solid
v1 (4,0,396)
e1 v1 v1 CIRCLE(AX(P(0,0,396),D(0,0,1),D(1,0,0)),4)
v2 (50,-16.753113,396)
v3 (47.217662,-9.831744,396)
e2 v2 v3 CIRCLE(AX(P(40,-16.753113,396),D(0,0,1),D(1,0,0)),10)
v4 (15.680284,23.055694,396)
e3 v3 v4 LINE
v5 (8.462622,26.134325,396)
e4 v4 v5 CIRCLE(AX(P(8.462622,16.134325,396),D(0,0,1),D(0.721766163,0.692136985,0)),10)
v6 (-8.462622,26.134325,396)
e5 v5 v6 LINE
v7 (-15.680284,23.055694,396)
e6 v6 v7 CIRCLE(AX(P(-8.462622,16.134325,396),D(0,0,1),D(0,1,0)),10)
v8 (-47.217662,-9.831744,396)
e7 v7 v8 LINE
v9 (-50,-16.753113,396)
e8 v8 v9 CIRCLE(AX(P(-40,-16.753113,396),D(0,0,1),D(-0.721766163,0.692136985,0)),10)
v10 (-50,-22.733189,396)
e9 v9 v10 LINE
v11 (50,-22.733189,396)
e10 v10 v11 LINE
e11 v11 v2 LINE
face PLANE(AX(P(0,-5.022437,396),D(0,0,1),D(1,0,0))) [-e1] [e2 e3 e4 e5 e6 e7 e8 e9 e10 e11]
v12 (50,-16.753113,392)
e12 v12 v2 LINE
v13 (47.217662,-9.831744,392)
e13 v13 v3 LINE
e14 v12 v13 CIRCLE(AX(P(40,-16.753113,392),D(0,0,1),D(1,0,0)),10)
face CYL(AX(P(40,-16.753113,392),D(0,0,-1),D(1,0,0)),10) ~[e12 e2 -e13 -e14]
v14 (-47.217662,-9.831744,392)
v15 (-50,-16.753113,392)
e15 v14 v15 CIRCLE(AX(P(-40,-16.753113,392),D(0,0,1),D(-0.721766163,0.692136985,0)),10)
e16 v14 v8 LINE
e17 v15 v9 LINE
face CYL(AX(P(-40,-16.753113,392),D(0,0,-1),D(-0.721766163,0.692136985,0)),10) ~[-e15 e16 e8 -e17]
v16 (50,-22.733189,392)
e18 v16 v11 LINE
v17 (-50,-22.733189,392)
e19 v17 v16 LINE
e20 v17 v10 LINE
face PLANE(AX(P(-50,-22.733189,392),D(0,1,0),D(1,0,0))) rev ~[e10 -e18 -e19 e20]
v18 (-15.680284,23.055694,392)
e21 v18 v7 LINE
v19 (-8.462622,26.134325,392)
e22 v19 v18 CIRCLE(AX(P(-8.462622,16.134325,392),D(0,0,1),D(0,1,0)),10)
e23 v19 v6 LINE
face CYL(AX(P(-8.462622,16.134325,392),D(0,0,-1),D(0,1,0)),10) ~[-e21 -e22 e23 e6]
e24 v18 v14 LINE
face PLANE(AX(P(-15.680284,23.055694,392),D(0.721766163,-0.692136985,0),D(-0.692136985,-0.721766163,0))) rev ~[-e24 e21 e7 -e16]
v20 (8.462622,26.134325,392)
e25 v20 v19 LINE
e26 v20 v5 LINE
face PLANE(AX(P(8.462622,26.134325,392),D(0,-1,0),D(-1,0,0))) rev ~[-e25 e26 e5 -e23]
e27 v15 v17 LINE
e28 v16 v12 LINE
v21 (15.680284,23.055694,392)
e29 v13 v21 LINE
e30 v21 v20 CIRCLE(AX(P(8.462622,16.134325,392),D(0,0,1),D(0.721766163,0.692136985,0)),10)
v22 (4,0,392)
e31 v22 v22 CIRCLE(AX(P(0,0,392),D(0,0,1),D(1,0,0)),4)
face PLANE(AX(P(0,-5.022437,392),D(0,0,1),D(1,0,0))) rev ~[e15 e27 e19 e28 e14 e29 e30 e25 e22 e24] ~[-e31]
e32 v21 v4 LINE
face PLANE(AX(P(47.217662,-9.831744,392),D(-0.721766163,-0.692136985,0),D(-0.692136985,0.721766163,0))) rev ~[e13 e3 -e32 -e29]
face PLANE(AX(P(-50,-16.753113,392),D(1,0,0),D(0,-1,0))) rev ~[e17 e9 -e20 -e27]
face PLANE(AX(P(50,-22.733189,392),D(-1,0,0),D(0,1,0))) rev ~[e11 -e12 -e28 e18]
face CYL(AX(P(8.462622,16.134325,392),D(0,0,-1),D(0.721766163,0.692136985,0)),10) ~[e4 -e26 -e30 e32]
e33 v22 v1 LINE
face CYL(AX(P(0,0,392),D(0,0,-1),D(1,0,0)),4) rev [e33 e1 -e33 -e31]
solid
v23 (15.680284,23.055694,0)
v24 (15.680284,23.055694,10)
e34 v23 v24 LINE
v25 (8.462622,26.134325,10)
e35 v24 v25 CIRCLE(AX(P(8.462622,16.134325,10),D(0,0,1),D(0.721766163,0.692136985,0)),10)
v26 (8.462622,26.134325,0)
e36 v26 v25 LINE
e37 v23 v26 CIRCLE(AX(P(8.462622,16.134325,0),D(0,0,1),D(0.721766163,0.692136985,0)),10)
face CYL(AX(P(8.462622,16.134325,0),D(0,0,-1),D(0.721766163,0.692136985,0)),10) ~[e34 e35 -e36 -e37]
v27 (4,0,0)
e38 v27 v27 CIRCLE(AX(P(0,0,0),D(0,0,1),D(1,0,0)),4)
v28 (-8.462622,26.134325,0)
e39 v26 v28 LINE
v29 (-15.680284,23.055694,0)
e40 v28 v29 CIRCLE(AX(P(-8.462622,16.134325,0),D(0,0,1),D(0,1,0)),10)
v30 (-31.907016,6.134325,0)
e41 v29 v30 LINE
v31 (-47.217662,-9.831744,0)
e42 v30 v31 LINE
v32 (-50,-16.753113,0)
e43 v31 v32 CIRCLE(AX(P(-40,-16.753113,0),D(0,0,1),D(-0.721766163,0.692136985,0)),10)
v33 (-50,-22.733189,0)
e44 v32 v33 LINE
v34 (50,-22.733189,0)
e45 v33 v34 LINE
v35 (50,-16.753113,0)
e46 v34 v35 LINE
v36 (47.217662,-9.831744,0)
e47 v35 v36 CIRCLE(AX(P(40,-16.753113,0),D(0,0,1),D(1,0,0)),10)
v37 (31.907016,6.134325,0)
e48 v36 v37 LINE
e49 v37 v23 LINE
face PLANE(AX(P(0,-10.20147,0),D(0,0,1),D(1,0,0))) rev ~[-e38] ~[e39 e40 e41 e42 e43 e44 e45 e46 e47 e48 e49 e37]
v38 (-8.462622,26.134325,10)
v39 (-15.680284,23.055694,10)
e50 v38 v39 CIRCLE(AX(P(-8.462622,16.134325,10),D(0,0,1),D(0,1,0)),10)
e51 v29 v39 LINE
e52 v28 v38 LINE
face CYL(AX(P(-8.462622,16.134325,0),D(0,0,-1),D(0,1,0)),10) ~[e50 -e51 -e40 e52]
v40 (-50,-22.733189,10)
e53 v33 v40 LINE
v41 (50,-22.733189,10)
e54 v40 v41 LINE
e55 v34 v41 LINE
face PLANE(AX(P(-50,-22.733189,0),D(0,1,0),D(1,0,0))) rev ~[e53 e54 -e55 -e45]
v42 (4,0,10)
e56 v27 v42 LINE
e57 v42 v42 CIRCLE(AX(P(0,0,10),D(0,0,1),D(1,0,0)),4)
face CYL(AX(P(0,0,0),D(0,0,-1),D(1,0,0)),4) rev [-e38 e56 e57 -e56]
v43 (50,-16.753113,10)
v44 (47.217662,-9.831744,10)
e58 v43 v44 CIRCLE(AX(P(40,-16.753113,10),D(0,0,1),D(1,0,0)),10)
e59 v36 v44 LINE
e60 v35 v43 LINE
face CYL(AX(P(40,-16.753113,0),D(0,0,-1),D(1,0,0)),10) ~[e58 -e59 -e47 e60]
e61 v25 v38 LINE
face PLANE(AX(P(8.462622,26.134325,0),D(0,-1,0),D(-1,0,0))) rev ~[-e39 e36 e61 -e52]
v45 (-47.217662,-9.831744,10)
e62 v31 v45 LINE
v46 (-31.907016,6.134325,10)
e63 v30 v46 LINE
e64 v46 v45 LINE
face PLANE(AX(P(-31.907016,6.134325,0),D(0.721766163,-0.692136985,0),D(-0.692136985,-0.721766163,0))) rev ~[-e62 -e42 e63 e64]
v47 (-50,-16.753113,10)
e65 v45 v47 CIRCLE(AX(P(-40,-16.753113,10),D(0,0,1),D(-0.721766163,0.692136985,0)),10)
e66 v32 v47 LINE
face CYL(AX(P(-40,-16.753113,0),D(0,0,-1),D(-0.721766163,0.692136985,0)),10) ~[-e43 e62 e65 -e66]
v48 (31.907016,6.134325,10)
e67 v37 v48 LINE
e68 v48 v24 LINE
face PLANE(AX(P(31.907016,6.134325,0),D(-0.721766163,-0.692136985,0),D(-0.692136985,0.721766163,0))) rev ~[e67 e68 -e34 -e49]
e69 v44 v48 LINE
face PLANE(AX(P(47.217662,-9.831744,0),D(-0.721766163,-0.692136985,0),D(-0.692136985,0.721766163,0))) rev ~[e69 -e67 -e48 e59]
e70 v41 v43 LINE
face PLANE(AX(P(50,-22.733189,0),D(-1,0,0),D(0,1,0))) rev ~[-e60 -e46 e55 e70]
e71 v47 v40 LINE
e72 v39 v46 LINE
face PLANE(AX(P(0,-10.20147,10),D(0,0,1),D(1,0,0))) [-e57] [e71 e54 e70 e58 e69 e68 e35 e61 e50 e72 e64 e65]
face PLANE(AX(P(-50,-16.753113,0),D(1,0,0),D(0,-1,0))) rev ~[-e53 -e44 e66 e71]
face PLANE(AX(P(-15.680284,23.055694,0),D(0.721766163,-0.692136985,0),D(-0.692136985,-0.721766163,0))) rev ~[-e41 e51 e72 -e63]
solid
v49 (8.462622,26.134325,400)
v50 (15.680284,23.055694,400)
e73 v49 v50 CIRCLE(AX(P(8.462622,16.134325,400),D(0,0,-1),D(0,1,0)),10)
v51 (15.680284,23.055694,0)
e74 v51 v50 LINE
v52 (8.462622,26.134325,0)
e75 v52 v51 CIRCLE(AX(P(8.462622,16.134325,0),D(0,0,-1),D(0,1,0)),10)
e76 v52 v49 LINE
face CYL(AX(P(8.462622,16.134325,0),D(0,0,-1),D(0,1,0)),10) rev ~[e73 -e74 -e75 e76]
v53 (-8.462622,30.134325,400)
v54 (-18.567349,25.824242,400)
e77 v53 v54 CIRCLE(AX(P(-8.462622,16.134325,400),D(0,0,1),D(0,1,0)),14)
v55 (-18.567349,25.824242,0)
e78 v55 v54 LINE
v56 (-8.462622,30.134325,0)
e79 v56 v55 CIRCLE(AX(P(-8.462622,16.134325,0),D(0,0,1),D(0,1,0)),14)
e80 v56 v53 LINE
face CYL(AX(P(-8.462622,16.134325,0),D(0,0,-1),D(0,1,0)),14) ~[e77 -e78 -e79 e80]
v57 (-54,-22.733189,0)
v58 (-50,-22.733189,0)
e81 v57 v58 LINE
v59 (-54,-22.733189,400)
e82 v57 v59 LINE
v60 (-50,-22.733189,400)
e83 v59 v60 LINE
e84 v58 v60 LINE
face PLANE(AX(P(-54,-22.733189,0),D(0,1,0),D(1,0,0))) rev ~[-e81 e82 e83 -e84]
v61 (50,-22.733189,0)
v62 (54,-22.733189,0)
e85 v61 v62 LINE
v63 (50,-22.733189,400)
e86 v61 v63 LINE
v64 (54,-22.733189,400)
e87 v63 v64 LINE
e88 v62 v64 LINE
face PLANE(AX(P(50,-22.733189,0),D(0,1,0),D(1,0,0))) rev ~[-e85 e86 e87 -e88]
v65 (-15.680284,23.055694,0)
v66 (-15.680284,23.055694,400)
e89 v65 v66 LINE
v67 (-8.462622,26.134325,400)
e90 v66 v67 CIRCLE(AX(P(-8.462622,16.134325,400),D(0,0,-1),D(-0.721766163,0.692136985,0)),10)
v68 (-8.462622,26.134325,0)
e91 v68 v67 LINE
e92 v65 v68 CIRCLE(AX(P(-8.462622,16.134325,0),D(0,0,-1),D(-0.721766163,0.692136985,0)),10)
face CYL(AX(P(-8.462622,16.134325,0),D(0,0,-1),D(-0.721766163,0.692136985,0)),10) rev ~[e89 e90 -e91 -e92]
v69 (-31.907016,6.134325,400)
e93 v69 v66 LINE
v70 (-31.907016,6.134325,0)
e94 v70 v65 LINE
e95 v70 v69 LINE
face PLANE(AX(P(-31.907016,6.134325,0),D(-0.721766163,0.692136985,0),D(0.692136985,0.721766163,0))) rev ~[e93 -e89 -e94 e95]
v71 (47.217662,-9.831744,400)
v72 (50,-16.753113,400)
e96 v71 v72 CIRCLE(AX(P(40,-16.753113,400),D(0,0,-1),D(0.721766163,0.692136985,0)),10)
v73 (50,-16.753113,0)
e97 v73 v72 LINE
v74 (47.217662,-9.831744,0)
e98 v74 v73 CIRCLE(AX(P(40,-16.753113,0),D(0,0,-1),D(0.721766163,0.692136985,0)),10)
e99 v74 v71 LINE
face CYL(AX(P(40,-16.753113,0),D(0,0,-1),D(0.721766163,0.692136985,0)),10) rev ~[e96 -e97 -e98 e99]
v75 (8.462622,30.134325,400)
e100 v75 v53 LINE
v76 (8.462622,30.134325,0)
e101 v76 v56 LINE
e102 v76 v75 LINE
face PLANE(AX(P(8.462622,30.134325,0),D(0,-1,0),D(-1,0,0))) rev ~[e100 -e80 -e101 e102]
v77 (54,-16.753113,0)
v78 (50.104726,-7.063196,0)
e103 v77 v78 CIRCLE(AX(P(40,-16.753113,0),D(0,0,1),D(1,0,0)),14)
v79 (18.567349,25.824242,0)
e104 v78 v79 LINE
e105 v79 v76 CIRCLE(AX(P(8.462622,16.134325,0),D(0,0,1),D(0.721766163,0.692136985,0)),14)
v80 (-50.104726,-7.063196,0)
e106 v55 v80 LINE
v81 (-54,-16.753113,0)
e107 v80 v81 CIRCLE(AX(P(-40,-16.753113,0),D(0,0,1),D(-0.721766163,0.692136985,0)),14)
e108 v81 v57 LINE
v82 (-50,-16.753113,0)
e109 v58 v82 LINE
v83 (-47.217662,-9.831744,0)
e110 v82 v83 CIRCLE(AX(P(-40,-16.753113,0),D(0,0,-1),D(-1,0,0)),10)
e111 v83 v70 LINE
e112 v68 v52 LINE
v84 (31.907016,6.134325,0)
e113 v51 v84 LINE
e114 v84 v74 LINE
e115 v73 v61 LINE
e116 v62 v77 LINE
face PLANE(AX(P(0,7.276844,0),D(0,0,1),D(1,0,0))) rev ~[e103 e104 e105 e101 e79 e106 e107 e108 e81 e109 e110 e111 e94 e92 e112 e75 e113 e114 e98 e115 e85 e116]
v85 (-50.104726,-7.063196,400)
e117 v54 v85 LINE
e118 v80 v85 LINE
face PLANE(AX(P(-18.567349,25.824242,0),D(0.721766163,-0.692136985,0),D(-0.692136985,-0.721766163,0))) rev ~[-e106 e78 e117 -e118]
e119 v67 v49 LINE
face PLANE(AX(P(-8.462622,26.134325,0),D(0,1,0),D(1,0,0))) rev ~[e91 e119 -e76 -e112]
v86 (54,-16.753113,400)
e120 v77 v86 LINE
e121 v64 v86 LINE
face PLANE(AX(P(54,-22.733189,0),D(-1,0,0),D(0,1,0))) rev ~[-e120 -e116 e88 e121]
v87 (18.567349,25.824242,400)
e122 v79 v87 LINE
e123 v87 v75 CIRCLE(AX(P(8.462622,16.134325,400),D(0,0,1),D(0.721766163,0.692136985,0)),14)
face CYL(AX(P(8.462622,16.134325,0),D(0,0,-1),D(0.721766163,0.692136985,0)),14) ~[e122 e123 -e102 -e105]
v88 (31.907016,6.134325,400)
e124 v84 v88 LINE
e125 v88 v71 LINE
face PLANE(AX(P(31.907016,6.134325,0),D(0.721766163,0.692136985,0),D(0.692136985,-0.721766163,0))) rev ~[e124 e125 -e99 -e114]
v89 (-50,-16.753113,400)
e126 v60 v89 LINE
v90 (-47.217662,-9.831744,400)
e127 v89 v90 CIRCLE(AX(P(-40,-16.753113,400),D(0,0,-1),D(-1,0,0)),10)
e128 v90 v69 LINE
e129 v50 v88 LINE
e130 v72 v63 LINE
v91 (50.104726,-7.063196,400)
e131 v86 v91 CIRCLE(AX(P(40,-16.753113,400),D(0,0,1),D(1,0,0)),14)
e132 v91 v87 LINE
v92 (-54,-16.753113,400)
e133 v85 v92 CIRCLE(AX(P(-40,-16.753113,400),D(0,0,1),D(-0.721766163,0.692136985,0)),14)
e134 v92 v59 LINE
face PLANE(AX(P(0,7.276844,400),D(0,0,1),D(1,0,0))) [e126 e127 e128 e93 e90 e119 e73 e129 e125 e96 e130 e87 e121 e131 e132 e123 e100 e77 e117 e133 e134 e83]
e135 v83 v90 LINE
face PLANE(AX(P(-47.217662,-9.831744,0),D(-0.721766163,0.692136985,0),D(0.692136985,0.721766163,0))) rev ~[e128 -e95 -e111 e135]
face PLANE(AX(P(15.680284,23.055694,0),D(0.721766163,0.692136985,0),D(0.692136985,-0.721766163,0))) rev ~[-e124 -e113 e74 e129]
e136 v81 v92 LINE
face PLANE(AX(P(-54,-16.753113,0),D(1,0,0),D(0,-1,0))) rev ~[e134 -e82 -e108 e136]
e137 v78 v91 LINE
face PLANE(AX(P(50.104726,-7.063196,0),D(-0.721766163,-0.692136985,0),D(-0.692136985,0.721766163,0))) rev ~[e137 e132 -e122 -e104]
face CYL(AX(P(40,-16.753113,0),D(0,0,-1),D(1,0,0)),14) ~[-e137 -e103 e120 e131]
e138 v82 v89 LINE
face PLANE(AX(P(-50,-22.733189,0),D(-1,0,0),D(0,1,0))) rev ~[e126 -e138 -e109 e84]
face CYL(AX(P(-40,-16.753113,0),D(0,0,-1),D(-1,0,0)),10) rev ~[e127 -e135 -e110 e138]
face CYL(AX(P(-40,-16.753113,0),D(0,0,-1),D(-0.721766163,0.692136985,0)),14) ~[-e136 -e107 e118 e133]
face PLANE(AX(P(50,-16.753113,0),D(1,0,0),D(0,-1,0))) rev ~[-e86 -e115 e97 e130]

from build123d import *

# Parameters (mm, degrees)
F1_DEPTH  = 400
F0_R      = 4
F2_DEPTH  = 10
F3_START  = 382
F2_FACE_R = 4
F3_DEPTH  = 4


with BuildPart() as f1:
    # F0 (on Top) → F1 (new body)
    with BuildSketch(Plane.XY):
        with BuildLine():
            Line((-54, -22.7331889315), (-50, -22.7331889315))
            Line((-50, -22.7331889315), (-50, -16.7531133549))
            ThreePointArc((-50, -16.7531133549), (-49.2783785301, -13.0232753086), (-47.2176616296, -9.8317435049))
            Line((-47.2176616296, -9.8317435049), (-31.9070156646, 6.134324528))
            Line((-31.9070156646, 6.134324528), (-15.6802839182, 23.055694378))
            ThreePointArc((-15.6802839182, 23.055694378), (-12.3860328904, 25.3325226804), (-8.4626222886, 26.134324528))
            Line((-8.4626222886, 26.134324528), (8.4626222886, 26.134324528))
            ThreePointArc((8.4626222886, 26.134324528), (12.3860328904, 25.3325226804), (15.6802839182, 23.055694378))
            Line((15.6802839182, 23.055694378), (31.9070156646, 6.134324528))
            Line((31.9070156646, 6.134324528), (47.2176616296, -9.8317435049))
            ThreePointArc((47.2176616296, -9.8317435049), (49.2783785301, -13.0232753086), (50, -16.7531133549))
            Line((50, -16.7531133549), (50, -22.7331889315))
            Line((50, -22.7331889315), (54, -22.7331889315))
            Line((54, -22.7331889315), (54, -16.7531133549))
            ThreePointArc((54, -16.7531133549), (52.9897299422, -11.5313400901), (50.1047262815, -7.0631955649))
            Line((50.1047262815, -7.0631955649), (18.5673485701, 25.824242318))
            ThreePointArc((18.5673485701, 25.824242318), (13.9553971311, 29.0118019413), (8.4626222886, 30.134324528))
            Line((8.4626222886, 30.134324528), (-8.4626222886, 30.134324528))
            ThreePointArc((-8.4626222886, 30.134324528), (-13.9553971311, 29.0118019413), (-18.5673485701, 25.824242318))
            Line((-18.5673485701, 25.824242318), (-50.1047262815, -7.0631955649))
            ThreePointArc((-50.1047262815, -7.0631955649), (-52.9897299422, -11.5313400901), (-54, -16.7531133549))
            Line((-54, -16.7531133549), (-54, -22.7331889315))
        make_face()
    extrude(amount=F1_DEPTH)


with BuildPart() as f2:
    # F0 (on Top) → F2 (new body)
    with BuildSketch(Plane.XY):
        with BuildLine():
            Line((-50, -16.7531133549), (-50, -22.7331889315))
            Line((-50, -22.7331889315), (50, -22.7331889315))
            Line((50, -22.7331889315), (50, -16.7531133549))
            ThreePointArc((50, -16.7531133549), (49.2783785301, -13.0232753086), (47.2176616296, -9.8317435049))
            Line((47.2176616296, -9.8317435049), (31.9070156646, 6.134324528))
            Line((31.9070156646, 6.134324528), (-31.9070156646, 6.134324528))
            Line((-31.9070156646, 6.134324528), (-47.2176616296, -9.8317435049))
            ThreePointArc((-47.2176616296, -9.8317435049), (-49.2783785301, -13.0232753086), (-50, -16.7531133549))
        make_face()
        Circle(F0_R, mode=Mode.SUBTRACT)
        with BuildLine():
            Line((-15.6802839182, 23.055694378), (-31.9070156646, 6.134324528))
            Line((-31.9070156646, 6.134324528), (31.9070156646, 6.134324528))
            Line((31.9070156646, 6.134324528), (15.6802839182, 23.055694378))
            ThreePointArc((15.6802839182, 23.055694378), (12.3860328904, 25.3325226804), (8.4626222886, 26.134324528))
            Line((8.4626222886, 26.134324528), (-8.4626222886, 26.134324528))
            ThreePointArc((-8.4626222886, 26.134324528), (-12.3860328904, 25.3325226804), (-15.6802839182, 23.055694378))
        make_face()
    extrude(amount=F2_DEPTH)


with BuildPart() as f3:
    # F2_face (on face) → F3 (new body)
    with BuildSketch(Plane(origin=(0, -3.2105105513, 10), x_dir=(1, 0, 0), z_dir=(0, 0, 1)).offset(F3_START)):
        with BuildLine():
            ThreePointArc((-47.2176616296, -6.6212329536), (-49.2783785301, -9.8127647572), (-50, -13.5426028036))
            Line((-50, -13.5426028036), (-50, -19.5226783801))
            Line((-50, -19.5226783801), (50, -19.5226783801))
            Line((50, -19.5226783801), (50, -13.5426028036))
            ThreePointArc((50, -13.5426028036), (49.2783785301, -9.8127647572), (47.2176616296, -6.6212329536))
            Line((47.2176616296, -6.6212329536), (15.6802839182, 26.2662049294))
            ThreePointArc((15.6802839182, 26.2662049294), (12.3860328904, 28.5430332317), (8.4626222886, 29.3448350794))
            Line((8.4626222886, 29.3448350794), (-8.4626222886, 29.3448350794))
            ThreePointArc((-8.4626222886, 29.3448350794), (-12.3860328904, 28.5430332317), (-15.6802839182, 26.2662049294))
            Line((-15.6802839182, 26.2662049294), (-47.2176616296, -6.6212329536))
        make_face()
        with Locations((0, 3.2105105513)):
            Circle(F2_FACE_R, mode=Mode.SUBTRACT)
    extrude(amount=F3_DEPTH)


solid = Compound([f1.part, f2.part, f3.part])
